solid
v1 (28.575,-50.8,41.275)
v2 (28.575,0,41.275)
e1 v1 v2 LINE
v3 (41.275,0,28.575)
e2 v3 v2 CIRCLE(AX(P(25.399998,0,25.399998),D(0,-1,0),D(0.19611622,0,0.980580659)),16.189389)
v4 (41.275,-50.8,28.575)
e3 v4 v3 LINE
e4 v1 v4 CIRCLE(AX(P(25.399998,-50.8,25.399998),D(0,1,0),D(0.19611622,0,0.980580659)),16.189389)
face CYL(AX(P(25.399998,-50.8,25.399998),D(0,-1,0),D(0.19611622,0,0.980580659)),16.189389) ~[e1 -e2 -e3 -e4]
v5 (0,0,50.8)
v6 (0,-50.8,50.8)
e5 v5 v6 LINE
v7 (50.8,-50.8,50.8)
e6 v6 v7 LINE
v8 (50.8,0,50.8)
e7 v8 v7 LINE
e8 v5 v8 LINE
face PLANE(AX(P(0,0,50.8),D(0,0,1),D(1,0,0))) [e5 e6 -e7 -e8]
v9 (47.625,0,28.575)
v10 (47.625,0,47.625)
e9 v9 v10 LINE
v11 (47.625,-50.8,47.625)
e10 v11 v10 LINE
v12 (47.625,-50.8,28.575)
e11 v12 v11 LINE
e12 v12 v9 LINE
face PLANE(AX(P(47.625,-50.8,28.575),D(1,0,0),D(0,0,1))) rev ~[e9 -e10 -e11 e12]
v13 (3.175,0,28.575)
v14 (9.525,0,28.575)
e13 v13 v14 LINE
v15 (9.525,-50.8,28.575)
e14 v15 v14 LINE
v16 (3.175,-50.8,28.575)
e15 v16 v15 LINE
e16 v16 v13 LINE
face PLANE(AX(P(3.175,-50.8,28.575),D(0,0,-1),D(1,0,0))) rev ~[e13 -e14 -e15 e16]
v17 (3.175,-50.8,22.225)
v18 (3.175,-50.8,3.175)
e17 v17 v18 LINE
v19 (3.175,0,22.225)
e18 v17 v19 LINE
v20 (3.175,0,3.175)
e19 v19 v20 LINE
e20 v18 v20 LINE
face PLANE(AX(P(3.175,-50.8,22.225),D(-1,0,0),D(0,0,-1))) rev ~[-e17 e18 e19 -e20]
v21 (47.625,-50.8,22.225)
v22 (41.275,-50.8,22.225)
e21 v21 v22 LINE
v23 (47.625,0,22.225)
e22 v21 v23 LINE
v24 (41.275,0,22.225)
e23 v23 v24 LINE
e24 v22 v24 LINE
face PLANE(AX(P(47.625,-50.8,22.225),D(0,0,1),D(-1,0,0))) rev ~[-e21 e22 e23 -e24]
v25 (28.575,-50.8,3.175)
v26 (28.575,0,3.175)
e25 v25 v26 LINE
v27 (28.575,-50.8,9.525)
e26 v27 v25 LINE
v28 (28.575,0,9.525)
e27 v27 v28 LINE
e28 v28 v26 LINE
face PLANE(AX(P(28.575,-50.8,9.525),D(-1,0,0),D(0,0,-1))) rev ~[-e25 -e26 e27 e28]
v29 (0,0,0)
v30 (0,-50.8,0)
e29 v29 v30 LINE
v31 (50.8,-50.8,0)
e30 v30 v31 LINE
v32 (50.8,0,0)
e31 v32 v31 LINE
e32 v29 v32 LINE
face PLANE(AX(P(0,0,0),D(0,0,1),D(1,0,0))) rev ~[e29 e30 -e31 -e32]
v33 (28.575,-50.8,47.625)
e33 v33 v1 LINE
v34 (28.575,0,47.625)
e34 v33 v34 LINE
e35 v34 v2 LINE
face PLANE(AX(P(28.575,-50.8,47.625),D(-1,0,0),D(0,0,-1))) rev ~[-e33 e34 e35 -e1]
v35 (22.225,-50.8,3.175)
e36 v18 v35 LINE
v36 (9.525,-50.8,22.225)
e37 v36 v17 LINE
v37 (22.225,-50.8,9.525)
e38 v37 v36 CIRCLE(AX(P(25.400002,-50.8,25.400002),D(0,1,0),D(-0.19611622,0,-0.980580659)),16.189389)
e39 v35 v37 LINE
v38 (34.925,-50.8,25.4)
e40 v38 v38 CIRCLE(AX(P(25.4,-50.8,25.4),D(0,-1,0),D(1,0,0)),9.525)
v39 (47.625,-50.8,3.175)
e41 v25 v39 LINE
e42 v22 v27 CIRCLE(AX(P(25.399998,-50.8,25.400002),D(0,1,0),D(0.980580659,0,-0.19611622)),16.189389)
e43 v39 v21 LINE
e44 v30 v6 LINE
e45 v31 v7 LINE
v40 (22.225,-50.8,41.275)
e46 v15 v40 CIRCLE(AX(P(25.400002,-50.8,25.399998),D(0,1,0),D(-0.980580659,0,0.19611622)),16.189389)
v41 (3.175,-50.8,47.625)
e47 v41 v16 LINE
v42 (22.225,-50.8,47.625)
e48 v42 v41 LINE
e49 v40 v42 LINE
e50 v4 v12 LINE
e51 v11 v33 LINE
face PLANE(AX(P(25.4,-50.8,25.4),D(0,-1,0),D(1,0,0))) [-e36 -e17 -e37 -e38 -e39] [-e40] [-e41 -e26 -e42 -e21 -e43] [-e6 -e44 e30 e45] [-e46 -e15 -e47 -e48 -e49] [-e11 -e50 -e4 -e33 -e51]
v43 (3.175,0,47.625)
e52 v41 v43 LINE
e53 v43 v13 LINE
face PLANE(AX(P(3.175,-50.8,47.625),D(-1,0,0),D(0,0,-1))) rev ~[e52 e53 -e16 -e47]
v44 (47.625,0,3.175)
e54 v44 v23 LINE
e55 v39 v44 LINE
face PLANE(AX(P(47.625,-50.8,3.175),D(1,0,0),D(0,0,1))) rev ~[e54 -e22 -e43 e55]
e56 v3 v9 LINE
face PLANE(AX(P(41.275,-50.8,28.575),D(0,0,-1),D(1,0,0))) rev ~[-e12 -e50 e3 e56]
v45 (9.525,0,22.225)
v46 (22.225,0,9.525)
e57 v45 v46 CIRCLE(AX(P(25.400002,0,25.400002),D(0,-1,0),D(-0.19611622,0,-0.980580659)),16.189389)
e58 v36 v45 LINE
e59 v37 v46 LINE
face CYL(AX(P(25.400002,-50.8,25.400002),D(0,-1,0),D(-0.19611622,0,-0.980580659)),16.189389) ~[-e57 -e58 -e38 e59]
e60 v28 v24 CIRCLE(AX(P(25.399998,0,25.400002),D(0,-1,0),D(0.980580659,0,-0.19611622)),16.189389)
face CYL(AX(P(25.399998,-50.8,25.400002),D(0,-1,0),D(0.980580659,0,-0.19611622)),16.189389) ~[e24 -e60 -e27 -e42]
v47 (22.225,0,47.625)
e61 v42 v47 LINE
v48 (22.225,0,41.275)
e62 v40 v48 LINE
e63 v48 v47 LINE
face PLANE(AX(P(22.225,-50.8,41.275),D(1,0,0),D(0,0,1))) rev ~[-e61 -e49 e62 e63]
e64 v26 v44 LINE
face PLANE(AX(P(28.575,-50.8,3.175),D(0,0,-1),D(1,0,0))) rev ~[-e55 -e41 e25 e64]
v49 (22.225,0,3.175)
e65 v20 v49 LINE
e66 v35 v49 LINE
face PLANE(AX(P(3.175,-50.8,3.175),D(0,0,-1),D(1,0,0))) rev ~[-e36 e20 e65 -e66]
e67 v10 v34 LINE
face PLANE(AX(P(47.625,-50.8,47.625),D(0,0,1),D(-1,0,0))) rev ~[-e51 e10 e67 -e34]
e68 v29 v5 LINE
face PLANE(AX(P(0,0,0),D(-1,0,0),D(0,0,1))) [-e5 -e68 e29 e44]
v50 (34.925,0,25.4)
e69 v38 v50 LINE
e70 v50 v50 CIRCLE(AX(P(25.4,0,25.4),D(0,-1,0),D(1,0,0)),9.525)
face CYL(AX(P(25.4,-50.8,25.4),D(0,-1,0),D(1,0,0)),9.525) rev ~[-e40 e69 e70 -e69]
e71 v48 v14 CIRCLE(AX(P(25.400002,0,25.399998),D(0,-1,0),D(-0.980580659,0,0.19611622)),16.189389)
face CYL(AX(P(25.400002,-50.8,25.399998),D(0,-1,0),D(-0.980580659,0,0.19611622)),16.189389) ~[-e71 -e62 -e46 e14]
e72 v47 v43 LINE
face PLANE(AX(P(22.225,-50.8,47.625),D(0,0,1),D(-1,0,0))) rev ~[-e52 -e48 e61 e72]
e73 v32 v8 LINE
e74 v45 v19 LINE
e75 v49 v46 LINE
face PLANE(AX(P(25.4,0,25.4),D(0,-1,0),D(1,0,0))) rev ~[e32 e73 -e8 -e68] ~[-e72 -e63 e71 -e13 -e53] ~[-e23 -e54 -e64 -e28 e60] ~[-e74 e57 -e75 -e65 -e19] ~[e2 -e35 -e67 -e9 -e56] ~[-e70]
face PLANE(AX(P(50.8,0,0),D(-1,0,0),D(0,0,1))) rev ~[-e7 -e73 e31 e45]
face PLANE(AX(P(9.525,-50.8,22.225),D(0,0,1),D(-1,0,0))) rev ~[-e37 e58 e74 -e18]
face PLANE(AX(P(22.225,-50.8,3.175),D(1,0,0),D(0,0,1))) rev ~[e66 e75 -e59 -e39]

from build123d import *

# Parameters (mm, degrees)
F0_W     = 50.8
F0_H     = 50.8
F1_DEPTH = 50.8
F2_R     = 9.525
F3_DEPTH = 50.801


with BuildPart() as f1:
    # F0 (on Front) → F1 (new body)
    with BuildSketch(Plane.XZ):
        with Locations((25.4, 25.4)):
            Rectangle(F0_W, F0_H)
    extrude(amount=F1_DEPTH)

    # F2 (on face) → F3 (cut, through all)
    with BuildSketch(Plane.XZ.offset(50.8)):
        with BuildLine():
            Line((22.225, 47.625), (3.175, 47.625))
            Line((3.175, 47.625), (3.175, 28.575))
            Line((3.175, 28.575), (9.525, 28.575))
            ThreePointArc((9.525, 28.575), (13.952375, 36.847625), (22.225, 41.275))
            Line((22.225, 41.275), (22.225, 47.625))
        make_face()
        with BuildLine():
            Line((47.625, 47.625), (28.575, 47.625))
            Line((28.575, 47.625), (28.575, 41.275))
            ThreePointArc((28.575, 41.275), (36.847625, 36.847625), (41.275, 28.575))
            Line((41.275, 28.575), (47.625, 28.575))
            Line((47.625, 28.575), (47.625, 47.625))
        make_face()
        with BuildLine():
            Line((22.225, 3.175), (22.225, 9.525))
            ThreePointArc((22.225, 9.525), (13.952375, 13.952375), (9.525, 22.225))
            Line((9.525, 22.225), (3.175, 22.225))
            Line((3.175, 22.225), (3.175, 3.175))
            Line((3.175, 3.175), (22.225, 3.175))
        make_face()
        with BuildLine():
            Line((47.625, 22.225), (41.275, 22.225))
            ThreePointArc((41.275, 22.225), (36.847625, 13.952375), (28.575, 9.525))
            Line((28.575, 9.525), (28.575, 3.175))
            Line((28.575, 3.175), (47.625, 3.175))
            Line((47.625, 3.175), (47.625, 22.225))
        make_face()
        with Locations((25.4, 25.4)):
            Circle(F2_R)
    extrude(amount=-F3_DEPTH, mode=Mode.SUBTRACT)


solid = f1.part
